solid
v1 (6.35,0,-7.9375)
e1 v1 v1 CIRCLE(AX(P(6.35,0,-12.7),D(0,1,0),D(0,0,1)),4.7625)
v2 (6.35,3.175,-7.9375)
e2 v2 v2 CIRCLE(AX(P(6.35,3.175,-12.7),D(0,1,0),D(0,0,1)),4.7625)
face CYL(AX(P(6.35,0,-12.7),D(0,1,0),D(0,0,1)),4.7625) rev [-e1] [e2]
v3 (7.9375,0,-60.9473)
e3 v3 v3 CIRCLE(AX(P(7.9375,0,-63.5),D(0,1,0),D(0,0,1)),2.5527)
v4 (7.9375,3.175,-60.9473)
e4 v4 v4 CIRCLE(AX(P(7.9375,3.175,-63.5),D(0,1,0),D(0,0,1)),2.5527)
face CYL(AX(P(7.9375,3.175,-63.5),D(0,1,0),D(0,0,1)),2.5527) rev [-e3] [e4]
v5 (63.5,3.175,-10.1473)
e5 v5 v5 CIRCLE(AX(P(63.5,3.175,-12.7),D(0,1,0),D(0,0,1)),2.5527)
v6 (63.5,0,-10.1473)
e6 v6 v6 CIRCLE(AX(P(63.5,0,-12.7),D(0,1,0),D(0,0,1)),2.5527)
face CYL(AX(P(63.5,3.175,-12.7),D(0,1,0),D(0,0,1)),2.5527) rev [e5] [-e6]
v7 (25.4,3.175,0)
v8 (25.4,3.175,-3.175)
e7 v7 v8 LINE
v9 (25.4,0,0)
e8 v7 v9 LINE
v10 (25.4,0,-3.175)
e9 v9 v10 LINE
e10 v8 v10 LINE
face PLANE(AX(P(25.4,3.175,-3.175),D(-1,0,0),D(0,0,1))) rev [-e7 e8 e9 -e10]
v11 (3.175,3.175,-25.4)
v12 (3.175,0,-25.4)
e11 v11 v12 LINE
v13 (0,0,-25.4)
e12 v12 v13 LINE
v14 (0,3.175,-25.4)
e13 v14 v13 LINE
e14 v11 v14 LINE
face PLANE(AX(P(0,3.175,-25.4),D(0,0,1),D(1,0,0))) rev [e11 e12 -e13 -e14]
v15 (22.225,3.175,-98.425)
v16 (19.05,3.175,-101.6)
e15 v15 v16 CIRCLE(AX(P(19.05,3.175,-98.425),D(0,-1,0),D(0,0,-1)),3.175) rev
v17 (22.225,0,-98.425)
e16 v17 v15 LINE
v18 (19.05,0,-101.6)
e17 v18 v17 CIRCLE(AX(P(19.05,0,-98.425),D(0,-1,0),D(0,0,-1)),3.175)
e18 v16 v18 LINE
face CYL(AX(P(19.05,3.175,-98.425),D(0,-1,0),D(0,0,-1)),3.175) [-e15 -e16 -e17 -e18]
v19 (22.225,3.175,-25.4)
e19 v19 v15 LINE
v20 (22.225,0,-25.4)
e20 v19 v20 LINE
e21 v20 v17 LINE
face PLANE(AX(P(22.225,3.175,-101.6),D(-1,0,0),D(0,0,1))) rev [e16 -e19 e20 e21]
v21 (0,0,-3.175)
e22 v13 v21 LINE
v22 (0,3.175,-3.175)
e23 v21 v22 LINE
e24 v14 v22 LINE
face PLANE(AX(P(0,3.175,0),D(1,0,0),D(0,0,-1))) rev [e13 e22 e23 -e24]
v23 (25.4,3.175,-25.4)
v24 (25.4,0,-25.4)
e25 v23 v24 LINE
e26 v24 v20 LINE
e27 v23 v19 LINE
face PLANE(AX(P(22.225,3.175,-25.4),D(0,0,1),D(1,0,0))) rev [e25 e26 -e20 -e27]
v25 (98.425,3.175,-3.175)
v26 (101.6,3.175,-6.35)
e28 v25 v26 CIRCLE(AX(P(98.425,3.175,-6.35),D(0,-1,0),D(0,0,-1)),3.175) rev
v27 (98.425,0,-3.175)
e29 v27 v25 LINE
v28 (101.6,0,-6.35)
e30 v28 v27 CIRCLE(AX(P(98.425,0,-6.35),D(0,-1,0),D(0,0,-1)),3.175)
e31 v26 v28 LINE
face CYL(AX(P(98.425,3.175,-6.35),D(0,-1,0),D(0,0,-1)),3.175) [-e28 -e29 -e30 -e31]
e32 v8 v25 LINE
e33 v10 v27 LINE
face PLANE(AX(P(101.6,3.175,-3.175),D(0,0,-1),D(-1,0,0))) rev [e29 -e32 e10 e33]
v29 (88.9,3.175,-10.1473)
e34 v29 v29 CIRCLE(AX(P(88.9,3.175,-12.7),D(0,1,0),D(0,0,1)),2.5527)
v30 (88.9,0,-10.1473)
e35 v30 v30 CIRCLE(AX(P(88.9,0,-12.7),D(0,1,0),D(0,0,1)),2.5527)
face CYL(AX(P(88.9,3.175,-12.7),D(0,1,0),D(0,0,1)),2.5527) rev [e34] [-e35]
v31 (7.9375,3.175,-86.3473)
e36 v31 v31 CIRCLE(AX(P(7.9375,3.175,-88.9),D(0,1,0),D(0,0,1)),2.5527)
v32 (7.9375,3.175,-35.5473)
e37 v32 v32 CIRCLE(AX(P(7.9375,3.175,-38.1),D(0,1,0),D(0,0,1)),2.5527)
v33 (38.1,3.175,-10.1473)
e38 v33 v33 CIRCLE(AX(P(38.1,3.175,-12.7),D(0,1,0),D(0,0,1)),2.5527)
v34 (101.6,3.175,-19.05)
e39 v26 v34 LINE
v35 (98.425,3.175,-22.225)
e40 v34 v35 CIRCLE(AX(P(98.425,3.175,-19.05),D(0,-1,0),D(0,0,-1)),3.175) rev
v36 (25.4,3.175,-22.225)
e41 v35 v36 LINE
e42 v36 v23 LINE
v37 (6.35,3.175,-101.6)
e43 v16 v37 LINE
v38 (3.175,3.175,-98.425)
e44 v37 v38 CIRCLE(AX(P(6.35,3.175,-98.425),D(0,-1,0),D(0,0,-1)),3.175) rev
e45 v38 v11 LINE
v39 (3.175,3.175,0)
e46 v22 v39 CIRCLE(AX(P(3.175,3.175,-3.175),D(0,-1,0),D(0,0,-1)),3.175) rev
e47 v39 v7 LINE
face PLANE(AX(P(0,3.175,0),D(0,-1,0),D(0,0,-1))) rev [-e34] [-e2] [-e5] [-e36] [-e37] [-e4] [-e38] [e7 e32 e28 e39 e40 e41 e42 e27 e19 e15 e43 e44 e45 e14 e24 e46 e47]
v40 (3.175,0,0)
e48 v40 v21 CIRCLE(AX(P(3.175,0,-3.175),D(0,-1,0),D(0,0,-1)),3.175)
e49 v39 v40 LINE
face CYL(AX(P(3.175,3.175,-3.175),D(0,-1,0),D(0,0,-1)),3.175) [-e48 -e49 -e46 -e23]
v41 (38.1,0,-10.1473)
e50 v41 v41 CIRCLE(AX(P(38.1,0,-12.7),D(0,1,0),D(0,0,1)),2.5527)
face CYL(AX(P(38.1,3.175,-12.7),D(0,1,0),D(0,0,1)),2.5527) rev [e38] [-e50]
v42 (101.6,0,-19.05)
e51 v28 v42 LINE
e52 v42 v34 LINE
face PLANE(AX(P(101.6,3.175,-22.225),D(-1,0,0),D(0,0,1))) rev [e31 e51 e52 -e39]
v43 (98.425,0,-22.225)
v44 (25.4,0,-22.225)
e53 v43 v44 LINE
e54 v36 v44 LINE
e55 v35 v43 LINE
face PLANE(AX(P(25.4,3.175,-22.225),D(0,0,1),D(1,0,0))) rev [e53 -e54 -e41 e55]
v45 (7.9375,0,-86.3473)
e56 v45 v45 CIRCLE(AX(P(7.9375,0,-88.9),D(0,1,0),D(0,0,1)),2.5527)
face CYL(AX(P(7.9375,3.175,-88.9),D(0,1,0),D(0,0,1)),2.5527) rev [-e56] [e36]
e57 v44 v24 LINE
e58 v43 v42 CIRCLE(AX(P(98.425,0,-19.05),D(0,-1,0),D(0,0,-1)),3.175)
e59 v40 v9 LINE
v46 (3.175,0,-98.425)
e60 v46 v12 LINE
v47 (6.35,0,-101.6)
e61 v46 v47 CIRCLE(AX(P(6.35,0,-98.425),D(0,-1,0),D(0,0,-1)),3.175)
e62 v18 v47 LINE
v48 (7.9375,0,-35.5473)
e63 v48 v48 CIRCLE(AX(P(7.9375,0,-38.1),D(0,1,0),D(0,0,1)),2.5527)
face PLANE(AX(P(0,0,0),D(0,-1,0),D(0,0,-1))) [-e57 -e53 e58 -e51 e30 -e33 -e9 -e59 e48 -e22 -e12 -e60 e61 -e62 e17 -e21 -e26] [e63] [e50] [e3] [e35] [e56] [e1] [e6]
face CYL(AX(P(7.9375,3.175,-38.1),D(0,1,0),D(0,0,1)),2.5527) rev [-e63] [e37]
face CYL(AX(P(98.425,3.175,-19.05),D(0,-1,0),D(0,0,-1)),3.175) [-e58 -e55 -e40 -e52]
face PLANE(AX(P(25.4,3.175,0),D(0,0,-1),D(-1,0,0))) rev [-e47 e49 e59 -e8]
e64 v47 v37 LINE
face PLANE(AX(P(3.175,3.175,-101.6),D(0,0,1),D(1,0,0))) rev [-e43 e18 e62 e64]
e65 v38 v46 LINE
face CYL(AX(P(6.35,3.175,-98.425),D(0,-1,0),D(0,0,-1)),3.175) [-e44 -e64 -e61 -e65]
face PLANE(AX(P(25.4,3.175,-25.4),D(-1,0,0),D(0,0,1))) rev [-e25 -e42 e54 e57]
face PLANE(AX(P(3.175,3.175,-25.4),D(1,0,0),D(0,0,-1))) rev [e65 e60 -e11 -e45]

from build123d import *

# Parameters (mm, degrees)
BOSS_EXTRUDE1_DEPTH    = 3.175
F_10_CLEARANCE_HOLE1_D = 5.1054
SKETCH5_R              = 4.7625
CUT_EXTRUDE1_DEPTH     = 144.719172782
FILLET1_R              = 3.175


with BuildPart() as part:
    # Sketch2 → Boss-Extrude1 (new body)
    with BuildSketch(Plane(origin=(0, 0, 0), x_dir=(1, 0, 0), z_dir=(0, 1, 0))):
        Polygon((0, 0), (0, 25.4), (3.175, 25.4), (3.175, 101.6), (22.225, 101.6), (22.225, 25.4), (25.4, 25.4), (25.4, 22.225), (101.6, 22.225), (101.6, 3.175), (25.4, 3.175), (25.4, 0), align=None)
    extrude(amount=BOSS_EXTRUDE1_DEPTH)

    # #10 Clearance Hole1 (through all)
    with Locations(Plane(origin=(0, 3.175, 0), x_dir=(1, 0, 0), z_dir=(0, 1, 0))):
        with Locations((88.9, 12.7), (7.9375, 88.9), (7.9375, 63.5), (7.9375, 38.1), (38.1, 12.7), (63.5, 12.7)):
            Hole(F_10_CLEARANCE_HOLE1_D / 2)

    # Sketch5 → Cut-Extrude1 (cut, through all)
    with BuildSketch(Plane(origin=(0, 3.175, 0), x_dir=(1, 0, 0), z_dir=(0, 1, 0))):
        with Locations(Location((6.35, 12.7, 0), (0, 0, 270))):
            Circle(SKETCH5_R)
    extrude(amount=-CUT_EXTRUDE1_DEPTH, mode=Mode.SUBTRACT)

    # Fillet1
    fillet1_edges = [part.edges().sort_by_distance(p)[0] for p in [
        (0, 1.5875, 0),
        (3.175, 1.5875, -101.6),
        (22.225, 1.5875, -101.6),
        (101.6, 1.5875, -22.225),
        (101.6, 1.5875, -3.175),
    ]]
    fillet(fillet1_edges, radius=FILLET1_R)


solid = part.part
